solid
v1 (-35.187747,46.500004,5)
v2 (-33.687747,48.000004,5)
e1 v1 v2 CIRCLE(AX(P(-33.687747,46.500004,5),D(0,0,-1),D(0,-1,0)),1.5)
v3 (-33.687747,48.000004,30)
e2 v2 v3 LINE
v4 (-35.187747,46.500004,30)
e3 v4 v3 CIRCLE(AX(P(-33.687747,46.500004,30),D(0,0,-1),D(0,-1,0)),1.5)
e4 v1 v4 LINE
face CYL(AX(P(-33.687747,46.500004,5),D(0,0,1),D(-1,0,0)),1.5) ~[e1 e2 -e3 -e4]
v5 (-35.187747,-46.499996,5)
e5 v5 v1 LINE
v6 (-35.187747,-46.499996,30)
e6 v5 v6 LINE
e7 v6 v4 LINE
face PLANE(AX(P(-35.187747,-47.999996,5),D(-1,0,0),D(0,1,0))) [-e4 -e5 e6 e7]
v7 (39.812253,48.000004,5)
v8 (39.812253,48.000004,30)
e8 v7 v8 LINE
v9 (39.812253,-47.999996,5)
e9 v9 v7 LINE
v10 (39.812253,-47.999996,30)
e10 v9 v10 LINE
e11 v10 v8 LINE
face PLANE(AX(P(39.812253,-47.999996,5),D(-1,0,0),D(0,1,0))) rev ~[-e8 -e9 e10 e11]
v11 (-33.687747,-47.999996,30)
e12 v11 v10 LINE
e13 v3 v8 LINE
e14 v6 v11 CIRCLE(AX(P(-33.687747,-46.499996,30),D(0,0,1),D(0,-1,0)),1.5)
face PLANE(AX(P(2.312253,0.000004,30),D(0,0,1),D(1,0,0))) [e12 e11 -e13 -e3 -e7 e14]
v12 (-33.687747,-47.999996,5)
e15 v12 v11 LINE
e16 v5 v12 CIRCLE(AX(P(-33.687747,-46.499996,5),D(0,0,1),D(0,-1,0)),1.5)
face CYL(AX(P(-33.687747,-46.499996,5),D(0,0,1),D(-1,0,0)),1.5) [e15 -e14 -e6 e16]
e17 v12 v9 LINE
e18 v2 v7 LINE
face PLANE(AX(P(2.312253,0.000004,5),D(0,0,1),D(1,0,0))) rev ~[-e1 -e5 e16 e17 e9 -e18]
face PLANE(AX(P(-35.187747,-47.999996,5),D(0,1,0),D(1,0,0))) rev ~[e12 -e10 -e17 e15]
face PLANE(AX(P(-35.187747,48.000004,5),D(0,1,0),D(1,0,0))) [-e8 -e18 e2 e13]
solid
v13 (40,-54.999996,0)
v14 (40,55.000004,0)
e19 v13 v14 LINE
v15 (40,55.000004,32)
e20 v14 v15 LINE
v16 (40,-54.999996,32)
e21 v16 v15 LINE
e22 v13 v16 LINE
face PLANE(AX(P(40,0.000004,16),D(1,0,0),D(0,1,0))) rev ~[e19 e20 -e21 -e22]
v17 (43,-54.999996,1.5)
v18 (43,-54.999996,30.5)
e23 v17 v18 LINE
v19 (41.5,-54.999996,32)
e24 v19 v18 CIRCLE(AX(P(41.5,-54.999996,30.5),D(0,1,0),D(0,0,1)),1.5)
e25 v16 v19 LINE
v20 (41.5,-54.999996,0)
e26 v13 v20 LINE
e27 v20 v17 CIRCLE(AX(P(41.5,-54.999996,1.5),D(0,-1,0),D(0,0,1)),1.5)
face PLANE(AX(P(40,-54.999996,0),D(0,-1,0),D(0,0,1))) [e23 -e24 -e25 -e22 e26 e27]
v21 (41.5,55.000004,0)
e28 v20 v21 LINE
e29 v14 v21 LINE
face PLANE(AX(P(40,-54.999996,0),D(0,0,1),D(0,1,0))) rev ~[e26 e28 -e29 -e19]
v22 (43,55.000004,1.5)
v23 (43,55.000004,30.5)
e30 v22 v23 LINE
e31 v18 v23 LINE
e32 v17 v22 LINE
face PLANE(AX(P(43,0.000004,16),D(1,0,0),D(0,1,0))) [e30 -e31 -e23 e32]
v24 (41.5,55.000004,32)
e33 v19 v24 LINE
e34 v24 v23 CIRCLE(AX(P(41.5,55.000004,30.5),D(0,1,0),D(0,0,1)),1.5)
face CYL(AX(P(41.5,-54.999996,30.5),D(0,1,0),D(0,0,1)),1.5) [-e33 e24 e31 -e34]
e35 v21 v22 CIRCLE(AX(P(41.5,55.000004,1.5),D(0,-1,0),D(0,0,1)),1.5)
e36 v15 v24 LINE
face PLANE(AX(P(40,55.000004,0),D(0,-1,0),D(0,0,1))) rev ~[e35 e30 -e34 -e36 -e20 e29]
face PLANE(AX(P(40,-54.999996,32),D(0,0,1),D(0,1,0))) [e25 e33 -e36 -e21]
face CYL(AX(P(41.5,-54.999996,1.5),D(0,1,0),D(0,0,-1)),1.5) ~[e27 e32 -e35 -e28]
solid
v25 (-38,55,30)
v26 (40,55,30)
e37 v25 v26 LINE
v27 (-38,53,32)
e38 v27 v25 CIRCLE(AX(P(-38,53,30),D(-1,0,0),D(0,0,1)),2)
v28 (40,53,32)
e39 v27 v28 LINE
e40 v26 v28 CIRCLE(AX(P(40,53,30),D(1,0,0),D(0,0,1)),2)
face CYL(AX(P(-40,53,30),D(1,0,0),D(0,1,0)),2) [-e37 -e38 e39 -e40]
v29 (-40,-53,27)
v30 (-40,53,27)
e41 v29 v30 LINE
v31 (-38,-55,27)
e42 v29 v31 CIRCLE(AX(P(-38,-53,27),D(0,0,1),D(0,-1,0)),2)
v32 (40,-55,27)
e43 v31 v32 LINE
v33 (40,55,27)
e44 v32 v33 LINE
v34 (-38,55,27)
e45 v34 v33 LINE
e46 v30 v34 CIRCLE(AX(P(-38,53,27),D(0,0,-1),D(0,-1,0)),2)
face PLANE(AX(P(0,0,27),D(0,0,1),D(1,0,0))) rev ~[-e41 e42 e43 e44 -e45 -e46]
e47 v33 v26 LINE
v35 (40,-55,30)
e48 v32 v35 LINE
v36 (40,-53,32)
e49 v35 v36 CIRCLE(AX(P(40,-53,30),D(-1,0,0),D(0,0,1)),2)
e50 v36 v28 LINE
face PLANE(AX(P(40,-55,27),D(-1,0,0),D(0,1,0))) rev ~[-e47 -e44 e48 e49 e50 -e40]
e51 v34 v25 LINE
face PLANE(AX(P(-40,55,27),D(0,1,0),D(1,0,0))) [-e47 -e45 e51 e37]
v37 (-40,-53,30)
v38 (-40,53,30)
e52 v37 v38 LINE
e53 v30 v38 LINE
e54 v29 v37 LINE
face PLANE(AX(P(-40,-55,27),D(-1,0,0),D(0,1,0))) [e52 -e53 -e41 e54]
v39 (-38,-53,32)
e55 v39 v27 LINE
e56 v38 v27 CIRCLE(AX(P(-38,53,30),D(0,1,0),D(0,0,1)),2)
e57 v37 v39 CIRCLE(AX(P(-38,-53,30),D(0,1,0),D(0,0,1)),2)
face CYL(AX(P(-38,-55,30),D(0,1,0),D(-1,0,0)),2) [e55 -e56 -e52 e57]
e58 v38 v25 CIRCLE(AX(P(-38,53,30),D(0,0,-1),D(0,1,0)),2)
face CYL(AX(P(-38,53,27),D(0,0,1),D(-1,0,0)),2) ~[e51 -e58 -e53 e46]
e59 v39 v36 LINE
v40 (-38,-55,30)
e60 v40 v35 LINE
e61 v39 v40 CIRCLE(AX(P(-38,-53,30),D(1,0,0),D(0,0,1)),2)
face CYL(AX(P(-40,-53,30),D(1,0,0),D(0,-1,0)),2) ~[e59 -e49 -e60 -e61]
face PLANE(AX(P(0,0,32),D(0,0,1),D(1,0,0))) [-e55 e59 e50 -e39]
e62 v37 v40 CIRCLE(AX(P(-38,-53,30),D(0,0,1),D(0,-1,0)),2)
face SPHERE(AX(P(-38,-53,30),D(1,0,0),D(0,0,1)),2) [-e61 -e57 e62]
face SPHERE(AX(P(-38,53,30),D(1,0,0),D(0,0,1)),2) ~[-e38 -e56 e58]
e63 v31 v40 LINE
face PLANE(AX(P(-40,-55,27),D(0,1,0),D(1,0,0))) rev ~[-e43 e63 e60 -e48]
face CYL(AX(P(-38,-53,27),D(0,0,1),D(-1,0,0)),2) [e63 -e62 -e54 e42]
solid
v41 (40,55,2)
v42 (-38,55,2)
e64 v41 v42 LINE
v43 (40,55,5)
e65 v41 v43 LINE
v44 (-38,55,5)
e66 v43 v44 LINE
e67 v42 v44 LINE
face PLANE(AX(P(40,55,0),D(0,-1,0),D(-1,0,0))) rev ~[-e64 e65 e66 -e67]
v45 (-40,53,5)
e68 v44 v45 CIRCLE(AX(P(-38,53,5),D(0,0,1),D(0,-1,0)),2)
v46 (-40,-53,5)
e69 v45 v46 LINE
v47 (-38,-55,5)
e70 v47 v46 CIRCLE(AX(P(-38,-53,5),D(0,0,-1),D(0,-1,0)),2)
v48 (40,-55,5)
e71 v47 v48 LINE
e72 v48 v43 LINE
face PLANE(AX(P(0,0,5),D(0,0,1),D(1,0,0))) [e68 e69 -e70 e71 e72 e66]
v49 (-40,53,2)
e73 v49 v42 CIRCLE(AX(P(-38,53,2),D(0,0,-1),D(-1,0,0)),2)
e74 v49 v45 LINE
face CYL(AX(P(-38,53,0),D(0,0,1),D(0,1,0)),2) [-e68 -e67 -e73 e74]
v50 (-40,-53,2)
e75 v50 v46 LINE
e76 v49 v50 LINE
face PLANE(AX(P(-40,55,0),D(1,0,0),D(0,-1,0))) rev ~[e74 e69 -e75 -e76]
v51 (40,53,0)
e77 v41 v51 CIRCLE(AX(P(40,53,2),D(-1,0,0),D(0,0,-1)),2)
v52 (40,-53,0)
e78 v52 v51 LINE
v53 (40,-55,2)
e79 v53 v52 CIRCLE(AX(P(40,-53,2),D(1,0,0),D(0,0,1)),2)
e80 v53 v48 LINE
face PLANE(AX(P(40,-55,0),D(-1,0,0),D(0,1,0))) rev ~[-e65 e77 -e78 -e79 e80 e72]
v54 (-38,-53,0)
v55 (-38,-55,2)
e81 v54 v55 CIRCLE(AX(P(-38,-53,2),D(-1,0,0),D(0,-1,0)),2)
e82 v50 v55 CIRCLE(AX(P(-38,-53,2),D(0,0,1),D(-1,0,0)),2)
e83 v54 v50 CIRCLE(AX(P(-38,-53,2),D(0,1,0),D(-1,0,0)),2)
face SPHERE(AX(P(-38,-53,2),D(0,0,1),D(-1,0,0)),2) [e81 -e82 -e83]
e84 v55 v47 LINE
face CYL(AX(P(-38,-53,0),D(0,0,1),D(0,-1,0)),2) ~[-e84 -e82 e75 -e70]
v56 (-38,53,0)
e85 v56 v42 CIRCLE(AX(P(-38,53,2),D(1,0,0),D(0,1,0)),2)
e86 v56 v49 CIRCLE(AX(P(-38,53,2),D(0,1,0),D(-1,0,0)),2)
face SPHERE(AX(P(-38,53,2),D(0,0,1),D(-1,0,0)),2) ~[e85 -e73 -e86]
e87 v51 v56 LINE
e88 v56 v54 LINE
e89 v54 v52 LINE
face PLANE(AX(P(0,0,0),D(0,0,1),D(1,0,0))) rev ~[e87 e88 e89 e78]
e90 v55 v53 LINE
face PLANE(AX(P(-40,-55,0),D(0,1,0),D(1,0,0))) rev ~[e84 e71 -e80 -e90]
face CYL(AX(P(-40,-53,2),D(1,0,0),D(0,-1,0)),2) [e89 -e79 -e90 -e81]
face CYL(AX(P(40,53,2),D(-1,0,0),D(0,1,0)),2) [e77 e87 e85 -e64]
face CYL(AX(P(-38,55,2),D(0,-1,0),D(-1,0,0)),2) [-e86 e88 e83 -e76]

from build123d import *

# Parameters (mm, degrees)
F3_W      = 80
F3_H      = 110
F4_DEPTH  = 5
F6_W      = 110
F6_H      = 32
F7_DEPTH  = 3
F8_R      = 2
F9_R      = 1.5
F11_W     = 75
F11_H     = 96
F12_DEPTH = 25
F13_R     = 1.5


with BuildPart() as f4:
    # F0 (on Top) + F3 (on offset) → F4 (new body)
    with BuildSketch(Plane.XY):
        Polygon((-40, -55), (40, -55), (40, -48), (40, 48), (40, 55), (-40, 55), align=None)
    with BuildSketch(Plane.XY.offset(27)):
        Rectangle(F3_W, F3_H)
    extrude(amount=F4_DEPTH)

    # F8
    f8_edges = [f4.edges().sort_by_distance(p)[0] for p in [
        (0, 55, 32),
        (0, -55, 32),
        (-40, 0, 32),
        (-40, 55, 29.5),
        (-40, -55, 29.5),
        (-40, 55, 2.5),
        (-40, -55, 2.5),
        (-40, 0, 0),
        (0, 55, 0),
        (0, -55, 0),
    ]]
    fillet(f8_edges, radius=F8_R)


with BuildPart() as f7:
    # F6 (on offset) → F7 (new body)
    with BuildSketch(Plane.YZ.offset(40)):
        with Locations((4e-06, 16)):
            Rectangle(F6_W, F6_H)
    extrude(amount=F7_DEPTH)

    # F9
    f9_edges = [f7.edges().sort_by_distance(p)[0] for p in [
        (43, 4e-06, 0),
        (43, 4e-06, 32),
    ]]
    fillet(f9_edges, radius=F9_R)


with BuildPart() as f12:
    # F11 (on offset) → F12 (new body)
    with BuildSketch(Plane.XY.offset(5)):
        with Locations((2.312253, 4e-06)):
            Rectangle(F11_W, F11_H)
    extrude(amount=F12_DEPTH)

    # F13
    f13_edges = [f12.edges().sort_by_distance(p)[0] for p in [
        (-35.187747, 48.000004, 17.5),
        (-35.187747, -47.999996, 17.5),
    ]]
    fillet(f13_edges, radius=F13_R)


solid = Compound([f4.part, f7.part, f12.part])
